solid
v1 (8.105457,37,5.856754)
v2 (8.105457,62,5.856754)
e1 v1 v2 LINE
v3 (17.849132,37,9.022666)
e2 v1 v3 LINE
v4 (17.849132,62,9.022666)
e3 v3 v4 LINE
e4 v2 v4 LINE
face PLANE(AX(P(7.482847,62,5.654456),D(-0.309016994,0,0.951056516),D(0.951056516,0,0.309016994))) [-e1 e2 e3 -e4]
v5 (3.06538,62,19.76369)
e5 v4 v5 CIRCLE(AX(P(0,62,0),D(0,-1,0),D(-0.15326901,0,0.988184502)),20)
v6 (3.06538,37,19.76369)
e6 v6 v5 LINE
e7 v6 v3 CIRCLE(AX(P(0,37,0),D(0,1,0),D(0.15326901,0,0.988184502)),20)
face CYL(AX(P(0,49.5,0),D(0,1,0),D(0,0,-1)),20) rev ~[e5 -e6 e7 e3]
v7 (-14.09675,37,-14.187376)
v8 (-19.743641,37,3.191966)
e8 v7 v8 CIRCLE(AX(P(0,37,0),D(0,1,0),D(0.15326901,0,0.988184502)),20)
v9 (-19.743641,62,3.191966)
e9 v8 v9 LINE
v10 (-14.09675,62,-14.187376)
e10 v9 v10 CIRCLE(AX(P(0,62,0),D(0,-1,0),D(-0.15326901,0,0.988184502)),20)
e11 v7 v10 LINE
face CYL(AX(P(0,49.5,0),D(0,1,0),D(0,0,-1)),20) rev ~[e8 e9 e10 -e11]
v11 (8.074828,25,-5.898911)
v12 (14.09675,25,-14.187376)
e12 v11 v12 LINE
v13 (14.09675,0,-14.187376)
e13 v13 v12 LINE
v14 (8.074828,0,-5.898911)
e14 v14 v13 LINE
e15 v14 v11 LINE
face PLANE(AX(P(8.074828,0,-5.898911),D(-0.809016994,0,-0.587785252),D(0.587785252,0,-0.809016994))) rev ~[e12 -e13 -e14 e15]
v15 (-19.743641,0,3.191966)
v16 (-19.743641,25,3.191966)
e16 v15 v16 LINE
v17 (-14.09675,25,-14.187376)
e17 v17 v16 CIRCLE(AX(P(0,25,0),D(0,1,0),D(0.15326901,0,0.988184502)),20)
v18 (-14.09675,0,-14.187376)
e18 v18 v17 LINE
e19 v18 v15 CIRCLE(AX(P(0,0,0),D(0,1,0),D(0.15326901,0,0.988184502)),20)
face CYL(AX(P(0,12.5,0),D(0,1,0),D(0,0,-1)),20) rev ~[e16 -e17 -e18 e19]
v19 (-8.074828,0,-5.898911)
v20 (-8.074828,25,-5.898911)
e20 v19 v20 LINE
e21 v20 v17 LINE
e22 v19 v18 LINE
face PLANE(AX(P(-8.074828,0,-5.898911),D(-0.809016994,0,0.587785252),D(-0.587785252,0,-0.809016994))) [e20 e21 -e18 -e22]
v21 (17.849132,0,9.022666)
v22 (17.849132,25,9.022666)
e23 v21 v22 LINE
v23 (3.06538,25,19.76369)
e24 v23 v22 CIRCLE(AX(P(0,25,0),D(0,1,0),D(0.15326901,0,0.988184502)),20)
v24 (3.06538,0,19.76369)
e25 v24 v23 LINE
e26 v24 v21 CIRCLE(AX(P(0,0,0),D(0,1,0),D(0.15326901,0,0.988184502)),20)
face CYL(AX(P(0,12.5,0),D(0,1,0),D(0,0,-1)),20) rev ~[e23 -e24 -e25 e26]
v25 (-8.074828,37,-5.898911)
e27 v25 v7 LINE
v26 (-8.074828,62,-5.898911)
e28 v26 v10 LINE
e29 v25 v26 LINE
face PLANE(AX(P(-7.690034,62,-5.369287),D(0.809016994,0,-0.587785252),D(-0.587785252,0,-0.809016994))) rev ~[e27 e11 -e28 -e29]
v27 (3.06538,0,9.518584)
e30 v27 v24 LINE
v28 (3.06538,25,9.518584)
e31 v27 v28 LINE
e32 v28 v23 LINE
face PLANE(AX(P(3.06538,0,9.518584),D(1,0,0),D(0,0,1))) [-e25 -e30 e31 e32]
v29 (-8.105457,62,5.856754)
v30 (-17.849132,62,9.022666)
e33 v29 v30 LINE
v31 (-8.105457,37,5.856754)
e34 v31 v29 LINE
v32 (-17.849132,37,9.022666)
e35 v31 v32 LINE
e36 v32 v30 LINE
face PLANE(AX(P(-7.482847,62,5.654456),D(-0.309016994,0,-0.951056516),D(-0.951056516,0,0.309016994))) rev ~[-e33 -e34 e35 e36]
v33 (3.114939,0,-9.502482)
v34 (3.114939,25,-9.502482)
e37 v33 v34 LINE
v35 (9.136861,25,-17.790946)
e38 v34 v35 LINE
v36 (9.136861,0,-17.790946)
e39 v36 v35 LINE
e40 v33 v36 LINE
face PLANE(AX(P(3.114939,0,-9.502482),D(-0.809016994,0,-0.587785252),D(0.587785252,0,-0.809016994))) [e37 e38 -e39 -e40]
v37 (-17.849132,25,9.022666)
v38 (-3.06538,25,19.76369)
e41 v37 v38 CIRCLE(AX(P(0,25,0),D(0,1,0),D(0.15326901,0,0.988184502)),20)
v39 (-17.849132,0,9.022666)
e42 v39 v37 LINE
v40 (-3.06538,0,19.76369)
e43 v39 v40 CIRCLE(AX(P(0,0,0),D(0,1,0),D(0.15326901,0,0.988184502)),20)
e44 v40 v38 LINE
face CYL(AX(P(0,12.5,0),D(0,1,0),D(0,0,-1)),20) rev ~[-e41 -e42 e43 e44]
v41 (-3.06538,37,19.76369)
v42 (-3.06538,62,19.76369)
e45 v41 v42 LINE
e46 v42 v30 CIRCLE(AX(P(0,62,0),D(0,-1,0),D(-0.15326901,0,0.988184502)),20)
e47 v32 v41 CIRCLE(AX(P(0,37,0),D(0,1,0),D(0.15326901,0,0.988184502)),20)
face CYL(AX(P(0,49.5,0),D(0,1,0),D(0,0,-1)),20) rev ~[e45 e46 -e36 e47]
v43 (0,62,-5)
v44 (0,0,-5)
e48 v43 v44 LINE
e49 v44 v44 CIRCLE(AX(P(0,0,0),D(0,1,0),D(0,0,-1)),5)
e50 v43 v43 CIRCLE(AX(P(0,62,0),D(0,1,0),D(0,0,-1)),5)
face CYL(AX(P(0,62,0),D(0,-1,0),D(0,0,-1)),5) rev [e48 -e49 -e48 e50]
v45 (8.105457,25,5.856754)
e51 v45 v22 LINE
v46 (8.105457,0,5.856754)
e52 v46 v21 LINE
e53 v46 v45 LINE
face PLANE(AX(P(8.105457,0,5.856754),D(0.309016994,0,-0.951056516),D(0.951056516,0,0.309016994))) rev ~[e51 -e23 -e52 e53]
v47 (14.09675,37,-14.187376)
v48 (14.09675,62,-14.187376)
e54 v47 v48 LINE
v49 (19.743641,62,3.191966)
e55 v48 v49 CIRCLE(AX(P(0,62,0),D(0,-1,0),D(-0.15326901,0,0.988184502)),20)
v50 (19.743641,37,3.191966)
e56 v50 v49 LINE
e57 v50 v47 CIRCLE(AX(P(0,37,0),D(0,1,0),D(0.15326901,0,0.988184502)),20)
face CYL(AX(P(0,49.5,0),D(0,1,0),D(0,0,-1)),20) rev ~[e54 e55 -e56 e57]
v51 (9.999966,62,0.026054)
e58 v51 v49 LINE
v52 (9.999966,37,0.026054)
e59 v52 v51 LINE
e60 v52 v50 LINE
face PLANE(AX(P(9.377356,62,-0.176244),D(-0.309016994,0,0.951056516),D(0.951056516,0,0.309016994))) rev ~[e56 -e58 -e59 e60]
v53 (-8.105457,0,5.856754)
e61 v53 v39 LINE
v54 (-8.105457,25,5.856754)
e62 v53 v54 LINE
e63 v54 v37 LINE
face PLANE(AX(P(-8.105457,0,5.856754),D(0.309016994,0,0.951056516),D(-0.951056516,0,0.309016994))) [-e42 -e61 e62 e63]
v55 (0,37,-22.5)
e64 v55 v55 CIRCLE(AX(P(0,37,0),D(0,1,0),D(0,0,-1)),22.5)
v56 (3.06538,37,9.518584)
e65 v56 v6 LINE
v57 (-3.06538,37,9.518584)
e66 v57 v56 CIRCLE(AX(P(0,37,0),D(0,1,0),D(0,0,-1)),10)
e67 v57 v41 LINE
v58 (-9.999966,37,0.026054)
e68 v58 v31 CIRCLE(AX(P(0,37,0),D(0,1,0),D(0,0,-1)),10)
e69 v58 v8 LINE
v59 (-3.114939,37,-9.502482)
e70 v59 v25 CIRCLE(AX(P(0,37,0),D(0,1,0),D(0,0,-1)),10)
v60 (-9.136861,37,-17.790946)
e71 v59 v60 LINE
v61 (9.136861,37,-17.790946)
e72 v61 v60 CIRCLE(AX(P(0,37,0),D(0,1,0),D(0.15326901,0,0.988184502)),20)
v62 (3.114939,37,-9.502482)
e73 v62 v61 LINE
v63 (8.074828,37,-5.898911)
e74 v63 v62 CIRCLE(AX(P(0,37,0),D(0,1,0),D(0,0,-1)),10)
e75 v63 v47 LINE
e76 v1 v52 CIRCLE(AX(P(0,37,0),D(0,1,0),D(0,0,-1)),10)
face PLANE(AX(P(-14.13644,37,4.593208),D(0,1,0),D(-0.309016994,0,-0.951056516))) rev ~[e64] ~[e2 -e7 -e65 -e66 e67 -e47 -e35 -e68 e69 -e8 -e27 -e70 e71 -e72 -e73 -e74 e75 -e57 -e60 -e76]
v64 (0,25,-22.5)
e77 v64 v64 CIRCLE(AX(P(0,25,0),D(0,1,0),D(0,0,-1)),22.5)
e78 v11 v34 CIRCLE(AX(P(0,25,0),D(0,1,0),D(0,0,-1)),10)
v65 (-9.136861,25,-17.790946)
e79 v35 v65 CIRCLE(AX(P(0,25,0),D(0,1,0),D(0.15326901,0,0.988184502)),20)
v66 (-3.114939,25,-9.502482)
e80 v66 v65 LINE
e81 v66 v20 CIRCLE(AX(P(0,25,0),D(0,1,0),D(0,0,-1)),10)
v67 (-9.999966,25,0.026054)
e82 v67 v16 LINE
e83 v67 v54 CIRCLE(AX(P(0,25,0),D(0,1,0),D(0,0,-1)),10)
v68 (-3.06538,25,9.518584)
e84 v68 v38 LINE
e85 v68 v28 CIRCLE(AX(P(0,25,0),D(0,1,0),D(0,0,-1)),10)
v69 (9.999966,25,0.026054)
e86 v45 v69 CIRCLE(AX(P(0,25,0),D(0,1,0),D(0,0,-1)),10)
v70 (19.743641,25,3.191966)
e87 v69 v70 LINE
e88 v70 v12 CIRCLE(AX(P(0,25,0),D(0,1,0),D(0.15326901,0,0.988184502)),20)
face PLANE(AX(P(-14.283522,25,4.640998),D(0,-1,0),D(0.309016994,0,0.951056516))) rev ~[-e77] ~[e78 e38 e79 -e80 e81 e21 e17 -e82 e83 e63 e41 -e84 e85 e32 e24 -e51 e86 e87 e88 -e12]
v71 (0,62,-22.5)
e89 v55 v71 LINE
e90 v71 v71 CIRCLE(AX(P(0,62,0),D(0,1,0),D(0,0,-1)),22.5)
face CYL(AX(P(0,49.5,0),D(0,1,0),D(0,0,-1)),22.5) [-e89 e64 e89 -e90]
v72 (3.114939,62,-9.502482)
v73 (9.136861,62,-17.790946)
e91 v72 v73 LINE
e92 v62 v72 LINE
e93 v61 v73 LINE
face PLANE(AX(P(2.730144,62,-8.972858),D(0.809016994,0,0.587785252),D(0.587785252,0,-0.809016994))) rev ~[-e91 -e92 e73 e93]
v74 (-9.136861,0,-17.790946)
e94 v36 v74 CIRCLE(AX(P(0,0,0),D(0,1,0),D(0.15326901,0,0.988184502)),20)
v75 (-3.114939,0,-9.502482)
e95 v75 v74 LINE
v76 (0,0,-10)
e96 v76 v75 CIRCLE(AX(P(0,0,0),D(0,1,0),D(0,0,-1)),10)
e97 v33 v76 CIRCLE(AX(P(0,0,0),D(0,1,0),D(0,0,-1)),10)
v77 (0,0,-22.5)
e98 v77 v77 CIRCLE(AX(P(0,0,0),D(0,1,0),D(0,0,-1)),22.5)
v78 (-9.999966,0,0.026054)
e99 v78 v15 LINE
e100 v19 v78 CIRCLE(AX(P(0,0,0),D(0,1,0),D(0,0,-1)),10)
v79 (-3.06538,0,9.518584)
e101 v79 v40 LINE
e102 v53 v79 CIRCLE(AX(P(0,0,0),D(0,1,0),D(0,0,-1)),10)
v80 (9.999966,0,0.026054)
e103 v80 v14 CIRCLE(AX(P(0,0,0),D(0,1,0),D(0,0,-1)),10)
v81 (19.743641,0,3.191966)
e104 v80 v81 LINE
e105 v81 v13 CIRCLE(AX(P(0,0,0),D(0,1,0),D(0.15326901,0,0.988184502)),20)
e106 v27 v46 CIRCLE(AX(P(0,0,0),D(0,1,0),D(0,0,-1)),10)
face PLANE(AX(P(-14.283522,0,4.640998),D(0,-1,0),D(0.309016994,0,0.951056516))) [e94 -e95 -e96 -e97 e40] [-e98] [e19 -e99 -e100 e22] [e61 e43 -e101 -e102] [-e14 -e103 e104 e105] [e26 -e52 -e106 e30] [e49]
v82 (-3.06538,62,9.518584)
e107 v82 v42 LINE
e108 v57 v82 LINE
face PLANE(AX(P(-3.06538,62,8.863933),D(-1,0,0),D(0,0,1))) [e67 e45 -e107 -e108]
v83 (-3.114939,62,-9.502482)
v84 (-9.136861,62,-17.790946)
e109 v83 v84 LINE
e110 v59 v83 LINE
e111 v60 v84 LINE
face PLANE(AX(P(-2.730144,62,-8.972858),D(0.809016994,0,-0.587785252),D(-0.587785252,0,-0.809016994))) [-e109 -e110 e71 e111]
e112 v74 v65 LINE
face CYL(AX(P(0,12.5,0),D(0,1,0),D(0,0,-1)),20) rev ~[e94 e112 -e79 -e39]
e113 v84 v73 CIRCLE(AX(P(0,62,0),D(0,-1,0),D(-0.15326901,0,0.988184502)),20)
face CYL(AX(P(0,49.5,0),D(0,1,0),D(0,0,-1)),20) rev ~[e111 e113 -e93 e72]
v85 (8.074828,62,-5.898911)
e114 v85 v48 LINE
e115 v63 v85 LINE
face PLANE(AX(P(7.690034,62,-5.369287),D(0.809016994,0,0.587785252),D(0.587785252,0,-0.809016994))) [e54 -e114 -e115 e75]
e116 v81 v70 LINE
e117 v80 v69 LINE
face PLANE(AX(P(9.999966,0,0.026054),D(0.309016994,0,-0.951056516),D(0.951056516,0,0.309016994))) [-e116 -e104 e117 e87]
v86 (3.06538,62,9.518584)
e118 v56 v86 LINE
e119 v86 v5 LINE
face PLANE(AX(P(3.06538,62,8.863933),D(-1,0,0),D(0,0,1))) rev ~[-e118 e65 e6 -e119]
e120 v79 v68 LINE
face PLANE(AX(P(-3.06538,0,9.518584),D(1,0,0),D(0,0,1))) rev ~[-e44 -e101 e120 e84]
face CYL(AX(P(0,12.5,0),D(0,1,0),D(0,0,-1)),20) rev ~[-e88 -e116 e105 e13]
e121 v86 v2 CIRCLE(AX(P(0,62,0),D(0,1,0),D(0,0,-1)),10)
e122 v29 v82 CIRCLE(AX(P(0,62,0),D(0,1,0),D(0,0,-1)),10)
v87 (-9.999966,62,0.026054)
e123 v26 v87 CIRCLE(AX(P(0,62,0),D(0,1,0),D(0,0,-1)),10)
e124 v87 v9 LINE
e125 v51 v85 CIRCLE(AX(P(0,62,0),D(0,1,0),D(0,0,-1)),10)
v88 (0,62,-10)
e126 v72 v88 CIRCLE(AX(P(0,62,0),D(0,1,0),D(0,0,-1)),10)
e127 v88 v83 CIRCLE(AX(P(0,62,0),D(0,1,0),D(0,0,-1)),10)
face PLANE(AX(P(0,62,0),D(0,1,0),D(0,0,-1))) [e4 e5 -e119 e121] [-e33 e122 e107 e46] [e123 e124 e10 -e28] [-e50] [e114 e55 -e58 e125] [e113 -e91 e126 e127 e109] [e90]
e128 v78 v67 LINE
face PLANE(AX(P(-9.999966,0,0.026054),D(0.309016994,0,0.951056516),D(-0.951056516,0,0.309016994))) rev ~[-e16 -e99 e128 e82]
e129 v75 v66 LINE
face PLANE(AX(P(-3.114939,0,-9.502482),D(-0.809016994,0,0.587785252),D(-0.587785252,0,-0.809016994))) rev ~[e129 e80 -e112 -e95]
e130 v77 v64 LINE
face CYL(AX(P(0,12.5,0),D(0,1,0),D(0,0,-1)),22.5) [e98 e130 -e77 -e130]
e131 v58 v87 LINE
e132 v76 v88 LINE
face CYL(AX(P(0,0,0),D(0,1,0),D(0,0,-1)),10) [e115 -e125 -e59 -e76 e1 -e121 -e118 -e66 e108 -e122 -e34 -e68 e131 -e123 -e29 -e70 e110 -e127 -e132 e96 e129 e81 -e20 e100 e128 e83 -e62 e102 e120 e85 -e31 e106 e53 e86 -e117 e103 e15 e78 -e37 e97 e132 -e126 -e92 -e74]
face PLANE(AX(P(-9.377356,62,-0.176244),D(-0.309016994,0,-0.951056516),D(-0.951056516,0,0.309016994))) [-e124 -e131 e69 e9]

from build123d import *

# Parameters (mm, degrees)
SKETCH1_W           = 2.5
SKETCH1_H           = 25
SKETCH2_W           = 6.130760382
SKETCH2_H           = 11
BOSS_EXTRUDE1_DEPTH = 25
CIRPATTERN1_COUNT   = 5
SKETCH3_W           = 6.130760382
SKETCH3_H           = 12
BOSS_EXTRUDE2_DEPTH = 25
CIRPATTERN2_COUNT   = 5


with BuildPart() as part:
    # Sketch1 → Revolve1 (revolve)
    with BuildSketch(Plane(origin=(0, 0, 0), x_dir=(0, 0, -1), z_dir=(1, 0, 0))):
        with Locations((21.25, 49.5)):
            Rectangle(SKETCH1_W, SKETCH1_H)
        with Locations((21.25, 12.5)):
            Rectangle(SKETCH1_W, SKETCH1_H)
        Polygon((5, 25), (5, 0), (10, 0), (10, 25), (10, 37), (10, 62), (5, 62), (5, 37), align=None)
        Polygon((5, 25), (5, 0), (10, 0), (10, 25), (10, 37), (10, 62), (5, 62), (5, 37), align=None)
    revolve(axis=Axis((0, 0, 0), (0, 1, 0)))

    # Sketch2 → Boss-Extrude1 (add)
    with BuildSketch(Plane.XZ):
        with Locations((0, 15.018584153)):
            Rectangle(SKETCH2_W, SKETCH2_H)
    boss_extrude1 = extrude(amount=-BOSS_EXTRUDE1_DEPTH)

    # CirPattern1: Boss-Extrude1 ×5 about axis
    cirpattern1_axis = Axis((0, 0, 0), (0, 1, 0))
    for i in range(1, CIRPATTERN1_COUNT):
        add(boss_extrude1.rotate(cirpattern1_axis, i * 360 / CIRPATTERN1_COUNT))

    # Sketch3 → Boss-Extrude2 (add)
    with BuildSketch(Plane(origin=(0, 62, 0), x_dir=(-1, 0, 0), z_dir=(0, 1, 0))):
        with Locations((0, 14.863932977)):
            Rectangle(SKETCH3_W, SKETCH3_H)
    boss_extrude2 = extrude(amount=-BOSS_EXTRUDE2_DEPTH)

    # CirPattern2: Boss-Extrude2 ×5 about axis
    cirpattern2_axis = Axis((0, 0, 0), (0, 1, 0))
    for i in range(1, CIRPATTERN2_COUNT):
        add(boss_extrude2.rotate(cirpattern2_axis, i * 360 / CIRPATTERN2_COUNT))


solid = part.part
